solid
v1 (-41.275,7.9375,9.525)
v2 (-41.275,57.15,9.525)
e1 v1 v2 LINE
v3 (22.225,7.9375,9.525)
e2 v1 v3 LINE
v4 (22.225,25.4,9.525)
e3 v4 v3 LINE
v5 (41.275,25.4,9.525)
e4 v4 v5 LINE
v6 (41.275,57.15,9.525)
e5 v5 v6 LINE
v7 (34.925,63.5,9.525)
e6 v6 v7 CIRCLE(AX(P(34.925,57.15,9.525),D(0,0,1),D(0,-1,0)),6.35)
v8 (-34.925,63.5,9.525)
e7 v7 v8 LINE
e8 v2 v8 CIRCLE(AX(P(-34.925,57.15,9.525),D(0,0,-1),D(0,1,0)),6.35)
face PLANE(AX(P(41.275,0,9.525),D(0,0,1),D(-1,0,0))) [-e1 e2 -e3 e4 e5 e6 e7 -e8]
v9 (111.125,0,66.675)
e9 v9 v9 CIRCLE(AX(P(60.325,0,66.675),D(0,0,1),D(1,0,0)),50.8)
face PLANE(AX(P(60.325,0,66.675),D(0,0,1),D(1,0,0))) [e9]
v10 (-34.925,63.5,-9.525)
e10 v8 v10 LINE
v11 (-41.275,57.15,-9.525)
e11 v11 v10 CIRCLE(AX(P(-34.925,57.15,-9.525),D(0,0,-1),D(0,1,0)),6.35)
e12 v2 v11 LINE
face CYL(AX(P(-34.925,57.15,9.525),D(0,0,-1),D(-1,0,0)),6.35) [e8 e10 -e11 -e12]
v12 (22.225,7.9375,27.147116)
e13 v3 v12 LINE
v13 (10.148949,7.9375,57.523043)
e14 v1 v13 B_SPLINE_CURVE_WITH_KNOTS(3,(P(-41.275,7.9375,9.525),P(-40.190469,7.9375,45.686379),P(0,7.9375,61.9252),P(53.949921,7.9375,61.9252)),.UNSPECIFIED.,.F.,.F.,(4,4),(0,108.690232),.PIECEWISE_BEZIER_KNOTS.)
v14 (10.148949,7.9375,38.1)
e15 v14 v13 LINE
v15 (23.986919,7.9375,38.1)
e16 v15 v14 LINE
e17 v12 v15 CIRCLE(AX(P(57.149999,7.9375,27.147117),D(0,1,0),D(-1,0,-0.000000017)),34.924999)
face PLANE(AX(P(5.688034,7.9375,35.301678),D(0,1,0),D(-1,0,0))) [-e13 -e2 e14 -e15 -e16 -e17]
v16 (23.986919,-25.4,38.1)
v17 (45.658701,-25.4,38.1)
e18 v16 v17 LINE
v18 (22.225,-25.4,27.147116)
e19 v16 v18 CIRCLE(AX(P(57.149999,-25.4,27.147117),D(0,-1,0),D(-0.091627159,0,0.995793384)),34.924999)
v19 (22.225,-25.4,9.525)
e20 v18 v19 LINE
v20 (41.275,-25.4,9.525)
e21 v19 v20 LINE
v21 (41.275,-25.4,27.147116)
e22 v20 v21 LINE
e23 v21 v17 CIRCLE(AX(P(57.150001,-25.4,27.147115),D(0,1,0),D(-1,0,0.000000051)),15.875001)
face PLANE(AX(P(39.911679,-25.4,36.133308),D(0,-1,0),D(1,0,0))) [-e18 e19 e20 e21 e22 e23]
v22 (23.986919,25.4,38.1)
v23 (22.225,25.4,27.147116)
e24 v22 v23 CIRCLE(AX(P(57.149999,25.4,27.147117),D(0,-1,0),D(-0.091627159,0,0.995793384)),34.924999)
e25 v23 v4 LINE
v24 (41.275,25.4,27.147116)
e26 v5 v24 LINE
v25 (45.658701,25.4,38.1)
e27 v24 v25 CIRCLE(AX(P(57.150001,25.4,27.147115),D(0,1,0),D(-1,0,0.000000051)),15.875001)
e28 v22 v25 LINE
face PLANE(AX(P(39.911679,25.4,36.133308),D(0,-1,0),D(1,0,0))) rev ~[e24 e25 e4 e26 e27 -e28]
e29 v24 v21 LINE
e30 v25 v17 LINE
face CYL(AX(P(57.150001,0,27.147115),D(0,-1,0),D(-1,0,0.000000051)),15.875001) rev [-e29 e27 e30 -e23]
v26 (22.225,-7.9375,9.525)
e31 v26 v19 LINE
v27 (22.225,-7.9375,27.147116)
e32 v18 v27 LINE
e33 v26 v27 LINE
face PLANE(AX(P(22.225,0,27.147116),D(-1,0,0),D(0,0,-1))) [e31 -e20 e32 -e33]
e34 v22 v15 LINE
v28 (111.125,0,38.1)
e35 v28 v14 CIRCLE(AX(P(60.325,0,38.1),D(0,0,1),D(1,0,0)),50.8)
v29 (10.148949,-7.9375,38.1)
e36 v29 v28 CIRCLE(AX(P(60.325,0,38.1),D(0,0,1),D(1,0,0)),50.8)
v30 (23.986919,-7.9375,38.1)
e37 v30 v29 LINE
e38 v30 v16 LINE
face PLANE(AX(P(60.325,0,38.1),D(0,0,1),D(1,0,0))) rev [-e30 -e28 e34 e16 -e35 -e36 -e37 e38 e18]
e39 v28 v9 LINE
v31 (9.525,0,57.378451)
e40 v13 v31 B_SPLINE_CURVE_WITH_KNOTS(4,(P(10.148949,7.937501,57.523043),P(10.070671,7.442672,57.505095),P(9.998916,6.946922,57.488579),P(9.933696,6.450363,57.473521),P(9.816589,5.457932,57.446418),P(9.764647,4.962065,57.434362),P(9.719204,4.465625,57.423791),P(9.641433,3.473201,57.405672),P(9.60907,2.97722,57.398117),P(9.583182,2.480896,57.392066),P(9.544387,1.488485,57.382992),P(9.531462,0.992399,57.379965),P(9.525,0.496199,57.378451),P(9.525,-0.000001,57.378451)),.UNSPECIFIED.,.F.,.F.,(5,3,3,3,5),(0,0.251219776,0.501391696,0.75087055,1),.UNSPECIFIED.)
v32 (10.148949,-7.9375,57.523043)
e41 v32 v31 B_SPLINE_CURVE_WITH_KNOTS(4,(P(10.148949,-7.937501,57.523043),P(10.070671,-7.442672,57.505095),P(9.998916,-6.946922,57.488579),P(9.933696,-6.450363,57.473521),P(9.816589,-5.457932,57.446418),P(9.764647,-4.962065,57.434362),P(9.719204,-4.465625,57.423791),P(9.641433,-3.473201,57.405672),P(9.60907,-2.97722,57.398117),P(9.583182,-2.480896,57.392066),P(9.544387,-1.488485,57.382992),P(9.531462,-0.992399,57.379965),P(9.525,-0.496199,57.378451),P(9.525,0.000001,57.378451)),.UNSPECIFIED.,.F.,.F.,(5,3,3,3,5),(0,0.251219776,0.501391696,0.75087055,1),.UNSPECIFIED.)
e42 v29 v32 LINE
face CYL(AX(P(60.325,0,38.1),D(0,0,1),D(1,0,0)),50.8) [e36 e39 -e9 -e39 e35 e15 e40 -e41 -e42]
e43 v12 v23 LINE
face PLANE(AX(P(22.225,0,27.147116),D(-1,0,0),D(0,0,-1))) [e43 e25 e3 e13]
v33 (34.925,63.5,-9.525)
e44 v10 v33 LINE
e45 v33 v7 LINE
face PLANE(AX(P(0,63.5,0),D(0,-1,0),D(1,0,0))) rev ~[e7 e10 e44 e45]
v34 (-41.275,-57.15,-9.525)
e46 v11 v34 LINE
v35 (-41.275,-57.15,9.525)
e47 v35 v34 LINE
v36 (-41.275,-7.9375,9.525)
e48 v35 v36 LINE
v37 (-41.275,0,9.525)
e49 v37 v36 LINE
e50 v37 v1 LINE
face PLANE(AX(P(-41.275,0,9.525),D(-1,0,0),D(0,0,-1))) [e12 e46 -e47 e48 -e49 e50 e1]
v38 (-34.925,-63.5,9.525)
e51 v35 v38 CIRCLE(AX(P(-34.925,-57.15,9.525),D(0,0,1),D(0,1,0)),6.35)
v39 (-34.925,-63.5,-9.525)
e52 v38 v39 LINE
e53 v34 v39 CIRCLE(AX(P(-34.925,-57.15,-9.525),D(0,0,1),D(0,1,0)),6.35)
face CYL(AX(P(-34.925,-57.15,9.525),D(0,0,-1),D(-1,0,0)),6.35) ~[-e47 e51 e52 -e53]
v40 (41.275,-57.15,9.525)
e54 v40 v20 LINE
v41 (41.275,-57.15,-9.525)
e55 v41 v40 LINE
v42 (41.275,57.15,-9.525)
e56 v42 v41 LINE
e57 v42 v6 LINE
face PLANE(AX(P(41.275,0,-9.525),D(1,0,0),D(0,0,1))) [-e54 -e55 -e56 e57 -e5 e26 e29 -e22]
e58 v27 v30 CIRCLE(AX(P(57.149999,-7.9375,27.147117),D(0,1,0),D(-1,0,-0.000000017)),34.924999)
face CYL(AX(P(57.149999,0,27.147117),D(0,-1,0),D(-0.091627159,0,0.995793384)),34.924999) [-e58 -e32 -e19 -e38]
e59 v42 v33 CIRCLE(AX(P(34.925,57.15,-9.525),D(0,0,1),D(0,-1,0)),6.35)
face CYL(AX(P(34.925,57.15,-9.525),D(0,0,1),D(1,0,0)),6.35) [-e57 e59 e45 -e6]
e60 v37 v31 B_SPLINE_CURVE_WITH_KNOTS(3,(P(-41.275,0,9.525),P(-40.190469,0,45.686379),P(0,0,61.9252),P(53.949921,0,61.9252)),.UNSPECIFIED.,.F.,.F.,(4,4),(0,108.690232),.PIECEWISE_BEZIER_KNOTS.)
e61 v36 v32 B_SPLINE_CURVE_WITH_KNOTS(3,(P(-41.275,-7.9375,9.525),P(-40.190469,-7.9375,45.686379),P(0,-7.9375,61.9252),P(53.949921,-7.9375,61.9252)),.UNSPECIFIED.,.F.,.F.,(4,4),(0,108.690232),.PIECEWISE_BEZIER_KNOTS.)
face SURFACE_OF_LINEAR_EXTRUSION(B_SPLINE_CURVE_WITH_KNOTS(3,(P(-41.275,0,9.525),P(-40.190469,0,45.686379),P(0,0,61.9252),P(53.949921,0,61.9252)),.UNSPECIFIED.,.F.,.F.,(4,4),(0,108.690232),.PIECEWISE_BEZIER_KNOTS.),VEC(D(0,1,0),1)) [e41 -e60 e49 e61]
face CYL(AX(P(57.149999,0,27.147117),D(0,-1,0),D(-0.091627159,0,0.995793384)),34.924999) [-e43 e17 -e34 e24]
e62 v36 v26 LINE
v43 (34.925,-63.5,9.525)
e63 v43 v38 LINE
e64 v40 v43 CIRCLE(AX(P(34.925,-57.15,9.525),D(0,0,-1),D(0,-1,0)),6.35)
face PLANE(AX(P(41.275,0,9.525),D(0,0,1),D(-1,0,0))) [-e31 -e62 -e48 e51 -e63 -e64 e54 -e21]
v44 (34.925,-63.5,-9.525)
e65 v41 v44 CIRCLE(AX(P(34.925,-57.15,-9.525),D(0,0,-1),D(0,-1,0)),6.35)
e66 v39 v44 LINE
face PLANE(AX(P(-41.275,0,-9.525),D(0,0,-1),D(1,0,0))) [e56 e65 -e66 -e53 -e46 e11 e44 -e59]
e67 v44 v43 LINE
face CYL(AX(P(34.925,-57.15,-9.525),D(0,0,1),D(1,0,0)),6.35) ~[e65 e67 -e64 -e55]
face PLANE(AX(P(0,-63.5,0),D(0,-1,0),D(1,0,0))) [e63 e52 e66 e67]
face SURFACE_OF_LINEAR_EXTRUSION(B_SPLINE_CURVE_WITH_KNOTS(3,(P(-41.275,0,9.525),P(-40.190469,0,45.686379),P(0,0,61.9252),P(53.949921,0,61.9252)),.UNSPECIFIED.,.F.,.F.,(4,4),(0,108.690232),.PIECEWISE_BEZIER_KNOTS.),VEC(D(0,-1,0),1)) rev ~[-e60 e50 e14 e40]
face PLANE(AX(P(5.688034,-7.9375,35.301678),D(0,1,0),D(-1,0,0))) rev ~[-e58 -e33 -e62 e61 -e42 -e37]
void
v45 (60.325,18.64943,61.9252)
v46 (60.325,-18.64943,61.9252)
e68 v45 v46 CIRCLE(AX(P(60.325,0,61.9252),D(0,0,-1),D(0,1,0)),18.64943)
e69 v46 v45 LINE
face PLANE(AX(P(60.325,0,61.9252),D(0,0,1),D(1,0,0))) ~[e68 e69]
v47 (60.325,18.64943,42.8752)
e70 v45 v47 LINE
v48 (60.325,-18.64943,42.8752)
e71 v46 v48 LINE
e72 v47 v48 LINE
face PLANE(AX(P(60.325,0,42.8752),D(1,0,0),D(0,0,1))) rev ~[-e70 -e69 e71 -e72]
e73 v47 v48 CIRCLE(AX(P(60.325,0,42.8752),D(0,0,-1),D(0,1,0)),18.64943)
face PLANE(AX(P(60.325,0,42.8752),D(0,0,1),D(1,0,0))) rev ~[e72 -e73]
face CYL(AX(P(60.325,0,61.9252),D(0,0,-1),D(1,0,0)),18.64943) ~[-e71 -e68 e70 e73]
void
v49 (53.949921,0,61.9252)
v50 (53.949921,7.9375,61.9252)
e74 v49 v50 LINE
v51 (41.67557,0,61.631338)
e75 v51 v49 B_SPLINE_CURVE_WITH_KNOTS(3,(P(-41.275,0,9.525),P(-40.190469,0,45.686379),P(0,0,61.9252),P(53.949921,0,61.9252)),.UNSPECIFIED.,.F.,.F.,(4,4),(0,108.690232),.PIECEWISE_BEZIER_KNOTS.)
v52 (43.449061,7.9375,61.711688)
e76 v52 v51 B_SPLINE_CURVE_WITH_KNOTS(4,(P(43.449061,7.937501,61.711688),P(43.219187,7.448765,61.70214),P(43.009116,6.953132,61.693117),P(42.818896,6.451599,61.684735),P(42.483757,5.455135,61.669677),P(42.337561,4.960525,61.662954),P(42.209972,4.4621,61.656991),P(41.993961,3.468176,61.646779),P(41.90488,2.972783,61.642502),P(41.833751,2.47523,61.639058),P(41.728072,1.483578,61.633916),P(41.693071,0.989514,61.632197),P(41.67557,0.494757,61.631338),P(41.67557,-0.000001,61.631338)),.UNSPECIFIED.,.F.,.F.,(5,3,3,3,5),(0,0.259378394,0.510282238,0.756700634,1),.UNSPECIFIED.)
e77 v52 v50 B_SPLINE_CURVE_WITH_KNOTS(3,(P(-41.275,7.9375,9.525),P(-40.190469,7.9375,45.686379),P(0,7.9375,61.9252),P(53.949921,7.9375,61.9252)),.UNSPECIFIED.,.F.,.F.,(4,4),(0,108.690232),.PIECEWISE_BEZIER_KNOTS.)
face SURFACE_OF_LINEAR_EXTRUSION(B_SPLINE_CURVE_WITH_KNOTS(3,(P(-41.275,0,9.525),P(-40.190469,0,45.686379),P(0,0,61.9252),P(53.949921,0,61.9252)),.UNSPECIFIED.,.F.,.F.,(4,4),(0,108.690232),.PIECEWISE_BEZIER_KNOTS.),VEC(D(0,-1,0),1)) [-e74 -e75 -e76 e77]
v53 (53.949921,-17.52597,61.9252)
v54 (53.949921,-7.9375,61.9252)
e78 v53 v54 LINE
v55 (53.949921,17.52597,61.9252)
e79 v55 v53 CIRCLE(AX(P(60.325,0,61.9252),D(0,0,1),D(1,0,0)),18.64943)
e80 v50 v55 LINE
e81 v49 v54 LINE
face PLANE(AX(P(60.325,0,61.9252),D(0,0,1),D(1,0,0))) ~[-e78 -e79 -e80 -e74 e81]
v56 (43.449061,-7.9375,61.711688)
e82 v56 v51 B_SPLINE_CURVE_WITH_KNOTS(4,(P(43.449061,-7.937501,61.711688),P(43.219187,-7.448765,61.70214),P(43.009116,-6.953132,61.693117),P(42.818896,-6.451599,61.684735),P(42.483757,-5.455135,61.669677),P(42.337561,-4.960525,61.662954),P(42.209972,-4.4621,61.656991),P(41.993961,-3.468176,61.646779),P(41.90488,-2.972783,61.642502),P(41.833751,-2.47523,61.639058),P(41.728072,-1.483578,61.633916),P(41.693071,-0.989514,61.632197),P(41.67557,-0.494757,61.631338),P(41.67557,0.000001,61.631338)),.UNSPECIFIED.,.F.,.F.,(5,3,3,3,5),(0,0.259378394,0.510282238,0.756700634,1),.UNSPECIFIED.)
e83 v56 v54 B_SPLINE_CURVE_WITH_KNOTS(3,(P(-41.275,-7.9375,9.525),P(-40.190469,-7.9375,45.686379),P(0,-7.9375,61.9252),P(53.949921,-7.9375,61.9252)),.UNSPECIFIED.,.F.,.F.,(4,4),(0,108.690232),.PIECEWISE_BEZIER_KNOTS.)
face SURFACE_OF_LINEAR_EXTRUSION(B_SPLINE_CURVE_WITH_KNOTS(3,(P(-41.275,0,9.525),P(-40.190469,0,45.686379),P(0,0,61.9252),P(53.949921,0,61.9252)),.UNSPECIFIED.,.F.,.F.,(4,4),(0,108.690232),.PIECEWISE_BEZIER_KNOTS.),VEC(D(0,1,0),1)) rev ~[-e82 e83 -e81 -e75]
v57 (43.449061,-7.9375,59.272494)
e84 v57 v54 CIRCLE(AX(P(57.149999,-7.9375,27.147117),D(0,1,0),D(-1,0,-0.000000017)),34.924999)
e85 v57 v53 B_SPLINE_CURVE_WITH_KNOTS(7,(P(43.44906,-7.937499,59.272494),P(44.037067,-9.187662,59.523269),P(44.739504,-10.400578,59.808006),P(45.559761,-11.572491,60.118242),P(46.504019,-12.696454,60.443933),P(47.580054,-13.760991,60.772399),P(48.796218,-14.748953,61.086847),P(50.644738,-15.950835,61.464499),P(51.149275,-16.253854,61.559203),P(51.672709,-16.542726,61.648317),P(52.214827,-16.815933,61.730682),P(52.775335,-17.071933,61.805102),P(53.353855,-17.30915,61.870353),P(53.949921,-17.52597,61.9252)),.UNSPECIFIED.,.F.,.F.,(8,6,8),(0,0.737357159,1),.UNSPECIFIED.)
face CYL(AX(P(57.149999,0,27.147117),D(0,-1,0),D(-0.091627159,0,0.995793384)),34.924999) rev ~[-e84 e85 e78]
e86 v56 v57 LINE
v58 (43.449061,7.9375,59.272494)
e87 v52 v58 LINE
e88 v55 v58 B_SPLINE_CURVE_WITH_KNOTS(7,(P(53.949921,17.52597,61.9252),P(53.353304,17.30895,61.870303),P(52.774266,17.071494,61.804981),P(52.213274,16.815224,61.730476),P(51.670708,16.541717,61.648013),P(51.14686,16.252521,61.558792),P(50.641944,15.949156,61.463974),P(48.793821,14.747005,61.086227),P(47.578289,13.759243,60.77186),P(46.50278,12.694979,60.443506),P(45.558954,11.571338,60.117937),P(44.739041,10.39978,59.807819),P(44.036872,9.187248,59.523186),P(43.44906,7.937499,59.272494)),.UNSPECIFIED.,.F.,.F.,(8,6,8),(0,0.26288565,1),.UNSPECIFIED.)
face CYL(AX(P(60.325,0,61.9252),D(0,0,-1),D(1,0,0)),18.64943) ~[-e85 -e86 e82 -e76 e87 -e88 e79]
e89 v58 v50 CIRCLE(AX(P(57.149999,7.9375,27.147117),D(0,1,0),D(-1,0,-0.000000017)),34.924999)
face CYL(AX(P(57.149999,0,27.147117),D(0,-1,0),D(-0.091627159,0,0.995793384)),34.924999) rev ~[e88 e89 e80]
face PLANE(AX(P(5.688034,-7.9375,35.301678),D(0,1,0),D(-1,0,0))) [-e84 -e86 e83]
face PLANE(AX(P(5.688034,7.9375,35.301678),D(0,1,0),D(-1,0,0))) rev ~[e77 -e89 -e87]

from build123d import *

# Parameters (mm, degrees)
F1_DEPTH = 63.5
F2_DEPTH = 25.4
F3_DEPTH = 7.9375
F5_R     = 6.35


with BuildPart() as f1:
    # F0 (on Front) → F1 (new body, symmetric)
    with BuildSketch(Plane.XZ):
        Polygon((22.225, 9.525), (-41.275, 9.525), (-41.275, -9.525), (41.275, -9.525), (41.275, 9.525), align=None)
    extrude(amount=F1_DEPTH, both=True)

    # F0 (on Front) → F2 (join, symmetric)
    with BuildSketch(Plane.XZ):
        with BuildLine():
            Line((22.225, 27.147116), (22.225, 9.525))
            Line((22.225, 9.525), (41.275, 9.525))
            Line((41.275, 9.525), (41.275, 27.147116))
            ThreePointArc((41.275, 27.147116), (45.187089, 37.582842), (54.995237, 42.8752))
            Line((54.995237, 42.8752), (60.325, 42.8752))
            Line((60.325, 42.8752), (60.325, 61.9252))
            Line((60.325, 61.9252), (53.949921, 61.9252))
            ThreePointArc((53.949921, 61.9252), (31.34769, 50.684245), (22.225, 27.147116))
        make_face()
    extrude(amount=F2_DEPTH, both=True)

    # F0 (on Front) → F3 (join, symmetric)
    with BuildSketch(Plane.XZ):
        with BuildLine():
            add(Edge.make_bspline(
                [(-41.275, 9.525), (-40.190469, 45.686379), (0, 61.9252), (53.949921, 61.9252)],
                knots=[0, 0, 0, 0, 108.690232, 108.690232, 108.690232, 108.690232], degree=3))
            Line((-41.275, 9.525), (22.225, 9.525))
            Line((22.225, 9.525), (22.225, 27.147116))
            ThreePointArc((22.225, 27.147116), (31.34769, 50.684245), (53.949921, 61.9252))
        make_face()
    extrude(amount=F3_DEPTH, both=True)

    # F0 (on Front) → F4 (revolve)
    with BuildSketch(Plane.XZ):
        Polygon((60.325, 66.675), (60.325, 61.9252), (78.97443, 61.9252), (78.97443, 42.8752), (60.325, 42.8752), (60.325, 38.1), (111.125, 38.1), (111.125, 66.675), align=None)
    revolve(axis=Axis((60.325, 0, 52.3875), (0, 0, 1)))

    # F5
    f5_edges = [f1.edges().sort_by_distance(p)[0] for p in [
        (-41.275, -63.5, 0),
        (41.275, -63.5, 0),
        (41.275, 63.5, 0),
        (-41.275, 63.5, 0),
    ]]
    fillet(f5_edges, radius=F5_R)


solid = f1.part
